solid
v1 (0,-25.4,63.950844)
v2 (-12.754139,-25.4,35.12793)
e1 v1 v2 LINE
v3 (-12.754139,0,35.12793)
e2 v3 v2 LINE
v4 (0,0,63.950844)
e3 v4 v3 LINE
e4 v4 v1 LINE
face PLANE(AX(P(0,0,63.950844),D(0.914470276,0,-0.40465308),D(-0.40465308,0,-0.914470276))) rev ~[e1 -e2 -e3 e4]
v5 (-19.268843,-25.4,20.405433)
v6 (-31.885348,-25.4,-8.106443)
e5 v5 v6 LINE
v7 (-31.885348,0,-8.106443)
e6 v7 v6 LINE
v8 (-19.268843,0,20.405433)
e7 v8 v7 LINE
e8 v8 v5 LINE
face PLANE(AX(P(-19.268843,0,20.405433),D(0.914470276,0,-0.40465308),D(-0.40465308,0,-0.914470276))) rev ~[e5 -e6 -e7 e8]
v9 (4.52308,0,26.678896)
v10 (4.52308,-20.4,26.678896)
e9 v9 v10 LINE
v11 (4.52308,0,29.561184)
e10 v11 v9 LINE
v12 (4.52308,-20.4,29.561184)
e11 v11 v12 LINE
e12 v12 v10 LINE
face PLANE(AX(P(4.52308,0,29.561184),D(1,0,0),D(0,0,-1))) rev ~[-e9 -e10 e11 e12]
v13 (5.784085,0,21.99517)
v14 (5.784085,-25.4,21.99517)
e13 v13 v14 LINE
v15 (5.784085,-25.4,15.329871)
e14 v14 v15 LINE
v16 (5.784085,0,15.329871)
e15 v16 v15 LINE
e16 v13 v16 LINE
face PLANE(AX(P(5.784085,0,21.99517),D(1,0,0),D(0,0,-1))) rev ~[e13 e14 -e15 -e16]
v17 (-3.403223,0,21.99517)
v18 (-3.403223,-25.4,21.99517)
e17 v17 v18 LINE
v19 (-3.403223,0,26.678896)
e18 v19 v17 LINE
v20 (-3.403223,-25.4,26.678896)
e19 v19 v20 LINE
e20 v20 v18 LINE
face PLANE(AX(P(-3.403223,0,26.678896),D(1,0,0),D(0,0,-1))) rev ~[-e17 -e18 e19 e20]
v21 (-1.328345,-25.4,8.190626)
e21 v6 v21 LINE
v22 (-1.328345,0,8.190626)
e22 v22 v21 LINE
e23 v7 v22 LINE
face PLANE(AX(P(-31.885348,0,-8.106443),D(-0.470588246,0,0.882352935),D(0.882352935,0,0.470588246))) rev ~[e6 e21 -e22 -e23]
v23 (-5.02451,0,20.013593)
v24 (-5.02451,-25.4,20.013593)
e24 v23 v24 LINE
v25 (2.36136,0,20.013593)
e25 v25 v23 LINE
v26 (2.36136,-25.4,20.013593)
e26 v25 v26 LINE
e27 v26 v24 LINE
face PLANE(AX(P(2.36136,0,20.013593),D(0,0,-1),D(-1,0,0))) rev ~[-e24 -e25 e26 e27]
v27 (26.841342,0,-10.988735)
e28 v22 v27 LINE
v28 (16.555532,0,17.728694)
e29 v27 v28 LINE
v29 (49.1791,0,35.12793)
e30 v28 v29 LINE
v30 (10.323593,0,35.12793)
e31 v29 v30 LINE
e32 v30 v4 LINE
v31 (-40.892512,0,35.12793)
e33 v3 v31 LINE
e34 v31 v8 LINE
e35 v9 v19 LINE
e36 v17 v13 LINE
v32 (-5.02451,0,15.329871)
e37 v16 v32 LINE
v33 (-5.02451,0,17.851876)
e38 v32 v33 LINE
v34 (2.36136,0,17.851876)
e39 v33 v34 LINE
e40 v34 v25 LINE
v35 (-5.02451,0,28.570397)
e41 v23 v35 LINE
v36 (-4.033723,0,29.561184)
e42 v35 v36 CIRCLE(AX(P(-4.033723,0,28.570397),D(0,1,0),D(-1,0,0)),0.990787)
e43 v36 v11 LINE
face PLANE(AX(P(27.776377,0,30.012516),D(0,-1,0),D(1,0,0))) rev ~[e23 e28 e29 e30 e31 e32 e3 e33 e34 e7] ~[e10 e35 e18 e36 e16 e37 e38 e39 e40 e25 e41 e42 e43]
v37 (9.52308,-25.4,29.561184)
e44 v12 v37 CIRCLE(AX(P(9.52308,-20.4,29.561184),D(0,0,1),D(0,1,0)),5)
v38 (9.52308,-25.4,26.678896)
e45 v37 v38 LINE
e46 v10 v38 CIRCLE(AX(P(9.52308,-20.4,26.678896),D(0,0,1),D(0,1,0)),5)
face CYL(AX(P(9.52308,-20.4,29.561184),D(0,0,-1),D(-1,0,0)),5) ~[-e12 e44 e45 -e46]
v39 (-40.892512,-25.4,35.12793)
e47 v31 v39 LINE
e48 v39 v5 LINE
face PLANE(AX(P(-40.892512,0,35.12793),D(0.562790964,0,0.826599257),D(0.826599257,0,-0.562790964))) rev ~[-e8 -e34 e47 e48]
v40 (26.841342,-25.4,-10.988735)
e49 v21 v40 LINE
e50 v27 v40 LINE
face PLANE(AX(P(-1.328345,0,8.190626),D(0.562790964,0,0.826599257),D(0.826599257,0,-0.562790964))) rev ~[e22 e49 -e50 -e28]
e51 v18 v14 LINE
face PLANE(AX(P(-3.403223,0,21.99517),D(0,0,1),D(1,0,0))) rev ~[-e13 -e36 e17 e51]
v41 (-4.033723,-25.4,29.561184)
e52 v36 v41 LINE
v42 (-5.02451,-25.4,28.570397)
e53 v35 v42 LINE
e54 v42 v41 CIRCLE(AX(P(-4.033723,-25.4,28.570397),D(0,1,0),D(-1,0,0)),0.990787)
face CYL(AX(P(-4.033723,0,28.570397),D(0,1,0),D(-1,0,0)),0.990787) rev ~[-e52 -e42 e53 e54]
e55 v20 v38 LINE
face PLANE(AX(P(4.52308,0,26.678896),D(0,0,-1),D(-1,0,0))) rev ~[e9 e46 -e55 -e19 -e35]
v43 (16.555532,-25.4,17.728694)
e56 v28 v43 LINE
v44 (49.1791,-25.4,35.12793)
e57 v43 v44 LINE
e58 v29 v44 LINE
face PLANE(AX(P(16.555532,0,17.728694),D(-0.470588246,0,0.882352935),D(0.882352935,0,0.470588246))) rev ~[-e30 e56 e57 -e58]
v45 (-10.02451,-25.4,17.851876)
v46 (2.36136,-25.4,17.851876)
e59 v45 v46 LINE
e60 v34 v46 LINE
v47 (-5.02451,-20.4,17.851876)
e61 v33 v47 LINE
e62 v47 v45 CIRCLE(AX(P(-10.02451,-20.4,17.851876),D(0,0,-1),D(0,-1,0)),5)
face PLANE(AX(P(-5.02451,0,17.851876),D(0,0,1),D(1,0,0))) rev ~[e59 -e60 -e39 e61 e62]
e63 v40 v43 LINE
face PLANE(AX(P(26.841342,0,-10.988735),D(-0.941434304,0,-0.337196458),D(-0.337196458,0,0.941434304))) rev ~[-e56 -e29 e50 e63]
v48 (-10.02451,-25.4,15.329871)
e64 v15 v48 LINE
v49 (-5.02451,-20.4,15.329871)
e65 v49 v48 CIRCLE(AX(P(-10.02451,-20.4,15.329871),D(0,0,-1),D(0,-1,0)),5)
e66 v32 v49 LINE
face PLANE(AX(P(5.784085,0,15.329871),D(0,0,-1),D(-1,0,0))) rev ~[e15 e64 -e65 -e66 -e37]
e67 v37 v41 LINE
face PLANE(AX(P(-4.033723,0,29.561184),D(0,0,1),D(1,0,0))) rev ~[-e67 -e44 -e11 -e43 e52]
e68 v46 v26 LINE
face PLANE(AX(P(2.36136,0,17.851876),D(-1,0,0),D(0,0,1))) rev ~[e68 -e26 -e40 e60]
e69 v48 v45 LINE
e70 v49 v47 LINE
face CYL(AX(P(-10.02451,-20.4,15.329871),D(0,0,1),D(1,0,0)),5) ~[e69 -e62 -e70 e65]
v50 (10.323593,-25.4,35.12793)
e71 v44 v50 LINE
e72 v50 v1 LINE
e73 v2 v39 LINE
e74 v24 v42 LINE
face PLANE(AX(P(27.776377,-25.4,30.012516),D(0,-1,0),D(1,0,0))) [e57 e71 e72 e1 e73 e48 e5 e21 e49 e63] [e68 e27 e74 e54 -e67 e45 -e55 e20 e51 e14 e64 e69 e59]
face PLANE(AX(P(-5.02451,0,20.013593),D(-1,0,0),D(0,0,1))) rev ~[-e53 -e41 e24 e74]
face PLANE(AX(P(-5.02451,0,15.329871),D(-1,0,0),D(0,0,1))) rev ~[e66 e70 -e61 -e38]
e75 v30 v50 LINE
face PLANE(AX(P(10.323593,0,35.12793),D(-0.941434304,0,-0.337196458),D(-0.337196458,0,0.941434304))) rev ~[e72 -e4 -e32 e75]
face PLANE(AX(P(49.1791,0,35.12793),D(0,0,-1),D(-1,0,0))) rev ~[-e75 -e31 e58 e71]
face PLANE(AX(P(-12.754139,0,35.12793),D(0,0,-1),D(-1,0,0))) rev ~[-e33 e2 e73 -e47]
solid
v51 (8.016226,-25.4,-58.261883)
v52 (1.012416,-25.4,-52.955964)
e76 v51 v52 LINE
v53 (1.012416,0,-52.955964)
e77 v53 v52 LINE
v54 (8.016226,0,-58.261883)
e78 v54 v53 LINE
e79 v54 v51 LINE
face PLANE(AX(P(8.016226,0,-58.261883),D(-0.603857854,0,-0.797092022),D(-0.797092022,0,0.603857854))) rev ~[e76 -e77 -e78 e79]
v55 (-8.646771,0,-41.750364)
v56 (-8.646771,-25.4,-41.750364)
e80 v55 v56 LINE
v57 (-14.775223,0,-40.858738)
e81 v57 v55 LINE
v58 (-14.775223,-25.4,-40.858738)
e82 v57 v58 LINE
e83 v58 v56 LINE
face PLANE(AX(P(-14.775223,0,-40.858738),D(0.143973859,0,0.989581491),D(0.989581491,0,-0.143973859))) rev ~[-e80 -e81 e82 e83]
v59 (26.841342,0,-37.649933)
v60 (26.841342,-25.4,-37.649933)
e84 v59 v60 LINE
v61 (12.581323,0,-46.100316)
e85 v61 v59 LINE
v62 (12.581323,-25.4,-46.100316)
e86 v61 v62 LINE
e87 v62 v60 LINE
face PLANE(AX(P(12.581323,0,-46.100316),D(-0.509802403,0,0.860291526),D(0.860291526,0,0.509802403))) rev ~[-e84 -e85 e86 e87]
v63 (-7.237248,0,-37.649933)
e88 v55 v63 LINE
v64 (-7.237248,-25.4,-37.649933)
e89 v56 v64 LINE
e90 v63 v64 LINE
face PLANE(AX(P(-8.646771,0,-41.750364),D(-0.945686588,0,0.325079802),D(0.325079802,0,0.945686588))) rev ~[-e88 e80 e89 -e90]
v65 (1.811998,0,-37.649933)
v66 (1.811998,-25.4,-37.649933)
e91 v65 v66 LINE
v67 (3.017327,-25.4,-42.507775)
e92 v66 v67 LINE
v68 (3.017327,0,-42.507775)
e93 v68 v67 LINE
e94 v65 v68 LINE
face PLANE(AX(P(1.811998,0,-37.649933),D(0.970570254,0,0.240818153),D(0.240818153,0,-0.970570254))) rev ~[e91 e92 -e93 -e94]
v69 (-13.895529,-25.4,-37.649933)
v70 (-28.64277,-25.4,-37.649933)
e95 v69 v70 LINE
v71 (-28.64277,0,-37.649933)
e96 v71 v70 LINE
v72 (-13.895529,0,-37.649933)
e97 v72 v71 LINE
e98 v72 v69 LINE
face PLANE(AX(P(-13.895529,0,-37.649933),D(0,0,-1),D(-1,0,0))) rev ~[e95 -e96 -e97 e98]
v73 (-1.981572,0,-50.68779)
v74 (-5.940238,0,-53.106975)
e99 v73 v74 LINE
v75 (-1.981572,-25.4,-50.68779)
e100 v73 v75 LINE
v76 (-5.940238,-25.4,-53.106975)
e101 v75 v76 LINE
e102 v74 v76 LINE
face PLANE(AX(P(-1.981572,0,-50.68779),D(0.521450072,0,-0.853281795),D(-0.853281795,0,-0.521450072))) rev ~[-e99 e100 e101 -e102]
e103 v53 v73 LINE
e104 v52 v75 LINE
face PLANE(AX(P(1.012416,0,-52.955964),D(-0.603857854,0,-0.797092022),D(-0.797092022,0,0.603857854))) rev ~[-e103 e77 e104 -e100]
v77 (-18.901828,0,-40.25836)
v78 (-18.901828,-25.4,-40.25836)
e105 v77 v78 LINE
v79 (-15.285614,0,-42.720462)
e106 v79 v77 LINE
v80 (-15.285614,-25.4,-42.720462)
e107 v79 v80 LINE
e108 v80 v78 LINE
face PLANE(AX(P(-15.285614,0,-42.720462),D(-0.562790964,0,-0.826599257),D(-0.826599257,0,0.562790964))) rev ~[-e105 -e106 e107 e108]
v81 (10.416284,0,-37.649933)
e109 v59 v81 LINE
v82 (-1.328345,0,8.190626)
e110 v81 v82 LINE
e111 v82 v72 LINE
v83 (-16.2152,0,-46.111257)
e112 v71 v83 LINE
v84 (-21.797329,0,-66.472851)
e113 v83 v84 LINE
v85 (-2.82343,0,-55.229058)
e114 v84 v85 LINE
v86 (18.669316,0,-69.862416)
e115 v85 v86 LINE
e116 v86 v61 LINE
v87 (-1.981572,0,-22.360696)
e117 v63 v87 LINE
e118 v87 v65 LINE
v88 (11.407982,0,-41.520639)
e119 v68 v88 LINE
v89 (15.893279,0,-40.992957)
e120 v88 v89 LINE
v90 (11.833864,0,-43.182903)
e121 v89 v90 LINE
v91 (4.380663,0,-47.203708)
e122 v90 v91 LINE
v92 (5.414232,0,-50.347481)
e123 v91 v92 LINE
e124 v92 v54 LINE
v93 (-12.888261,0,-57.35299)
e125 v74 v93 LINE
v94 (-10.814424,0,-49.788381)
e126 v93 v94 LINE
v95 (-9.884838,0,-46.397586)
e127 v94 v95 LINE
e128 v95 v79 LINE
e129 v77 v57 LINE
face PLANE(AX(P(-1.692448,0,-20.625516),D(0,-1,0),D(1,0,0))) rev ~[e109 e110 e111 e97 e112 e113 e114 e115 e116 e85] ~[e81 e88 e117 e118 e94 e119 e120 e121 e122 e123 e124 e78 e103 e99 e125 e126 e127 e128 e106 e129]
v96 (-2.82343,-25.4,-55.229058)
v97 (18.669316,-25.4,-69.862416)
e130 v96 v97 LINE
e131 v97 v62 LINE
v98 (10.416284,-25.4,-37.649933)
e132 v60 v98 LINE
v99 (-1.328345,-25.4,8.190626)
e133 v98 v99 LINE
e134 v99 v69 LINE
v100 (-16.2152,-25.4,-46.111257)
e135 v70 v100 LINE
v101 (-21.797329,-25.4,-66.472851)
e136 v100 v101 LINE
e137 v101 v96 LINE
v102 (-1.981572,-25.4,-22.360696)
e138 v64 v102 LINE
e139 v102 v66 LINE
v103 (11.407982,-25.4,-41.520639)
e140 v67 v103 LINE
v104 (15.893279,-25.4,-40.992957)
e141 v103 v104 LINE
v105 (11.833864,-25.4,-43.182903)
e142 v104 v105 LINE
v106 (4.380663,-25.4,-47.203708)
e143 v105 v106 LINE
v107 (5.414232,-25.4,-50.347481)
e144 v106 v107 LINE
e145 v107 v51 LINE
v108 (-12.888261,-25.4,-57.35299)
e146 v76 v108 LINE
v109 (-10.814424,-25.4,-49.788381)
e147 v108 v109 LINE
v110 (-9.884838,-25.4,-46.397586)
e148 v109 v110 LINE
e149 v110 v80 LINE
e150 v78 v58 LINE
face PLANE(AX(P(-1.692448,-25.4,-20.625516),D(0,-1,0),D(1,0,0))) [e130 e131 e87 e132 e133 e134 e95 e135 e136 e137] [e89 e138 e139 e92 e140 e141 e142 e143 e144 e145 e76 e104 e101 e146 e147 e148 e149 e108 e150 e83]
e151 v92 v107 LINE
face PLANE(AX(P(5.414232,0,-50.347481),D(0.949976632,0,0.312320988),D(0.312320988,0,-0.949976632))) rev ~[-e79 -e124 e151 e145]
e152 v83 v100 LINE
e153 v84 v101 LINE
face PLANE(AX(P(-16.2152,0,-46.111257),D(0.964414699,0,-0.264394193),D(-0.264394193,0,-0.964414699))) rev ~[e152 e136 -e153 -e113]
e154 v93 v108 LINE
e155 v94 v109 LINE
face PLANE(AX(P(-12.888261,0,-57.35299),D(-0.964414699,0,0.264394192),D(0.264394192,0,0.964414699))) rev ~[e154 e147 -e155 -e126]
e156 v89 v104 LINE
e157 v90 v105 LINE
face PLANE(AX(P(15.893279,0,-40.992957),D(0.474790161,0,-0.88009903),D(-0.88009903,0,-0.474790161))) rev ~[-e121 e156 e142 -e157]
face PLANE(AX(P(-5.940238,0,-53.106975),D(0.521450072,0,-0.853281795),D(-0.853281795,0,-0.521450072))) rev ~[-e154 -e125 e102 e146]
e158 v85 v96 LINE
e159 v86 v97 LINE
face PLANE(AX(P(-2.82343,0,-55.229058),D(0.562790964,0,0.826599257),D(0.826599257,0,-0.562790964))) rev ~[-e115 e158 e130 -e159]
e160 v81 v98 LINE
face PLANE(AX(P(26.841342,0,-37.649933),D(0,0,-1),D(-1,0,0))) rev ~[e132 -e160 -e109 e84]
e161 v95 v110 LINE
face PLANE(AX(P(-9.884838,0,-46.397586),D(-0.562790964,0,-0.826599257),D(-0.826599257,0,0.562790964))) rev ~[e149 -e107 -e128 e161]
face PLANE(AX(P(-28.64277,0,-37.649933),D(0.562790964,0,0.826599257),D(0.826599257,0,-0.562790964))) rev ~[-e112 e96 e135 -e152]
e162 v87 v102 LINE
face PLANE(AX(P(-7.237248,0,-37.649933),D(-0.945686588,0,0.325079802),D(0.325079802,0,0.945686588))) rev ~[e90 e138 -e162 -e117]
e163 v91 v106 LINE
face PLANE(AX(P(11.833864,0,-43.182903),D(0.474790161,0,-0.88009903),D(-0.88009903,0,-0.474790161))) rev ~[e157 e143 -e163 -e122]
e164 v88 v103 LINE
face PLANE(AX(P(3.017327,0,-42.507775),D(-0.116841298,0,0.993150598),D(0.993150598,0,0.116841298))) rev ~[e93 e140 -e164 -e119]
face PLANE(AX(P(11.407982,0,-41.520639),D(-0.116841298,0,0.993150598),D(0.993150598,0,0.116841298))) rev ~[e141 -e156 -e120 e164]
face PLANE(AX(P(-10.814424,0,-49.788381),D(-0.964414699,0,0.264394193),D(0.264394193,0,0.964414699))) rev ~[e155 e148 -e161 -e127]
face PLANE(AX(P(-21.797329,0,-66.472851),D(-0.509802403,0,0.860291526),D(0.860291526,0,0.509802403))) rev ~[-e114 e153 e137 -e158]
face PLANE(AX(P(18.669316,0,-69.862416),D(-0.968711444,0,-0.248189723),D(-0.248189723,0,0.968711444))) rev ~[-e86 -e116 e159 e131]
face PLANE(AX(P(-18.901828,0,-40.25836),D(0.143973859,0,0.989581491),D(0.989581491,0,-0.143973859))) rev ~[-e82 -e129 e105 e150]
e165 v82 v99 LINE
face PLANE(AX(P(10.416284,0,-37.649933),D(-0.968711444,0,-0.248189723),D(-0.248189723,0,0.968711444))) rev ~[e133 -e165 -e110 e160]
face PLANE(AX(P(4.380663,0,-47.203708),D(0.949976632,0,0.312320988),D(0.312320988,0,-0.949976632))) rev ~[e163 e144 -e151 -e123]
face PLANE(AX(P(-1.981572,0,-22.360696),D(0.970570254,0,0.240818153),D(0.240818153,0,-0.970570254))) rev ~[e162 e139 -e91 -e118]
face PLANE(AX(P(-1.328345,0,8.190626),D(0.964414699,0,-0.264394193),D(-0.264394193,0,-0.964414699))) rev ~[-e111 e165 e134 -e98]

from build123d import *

# Parameters (mm, degrees)
F1_DEPTH = 25.4
F2_R     = 5


with BuildPart() as f1:
    # F0 (on Front) → F1 (new body)
    with BuildSketch(Plane.XZ):
        Polygon((49.1790995002, 35.1279303432), (46.2968088686, 35.1279303432), (10.3235928391, 35.1279303432), (16.5555316669, 17.7286936407), align=None)
        Polygon((16.5555316669, 17.7286936407), (10.3235928391, 35.1279303432), (-12.7541388096, 35.1279303432), (-19.2688434451, 20.4054333779), (-1.3283445484, 8.1906260382), align=None)
        with BuildLine():
            Line((4.523080308, 26.6788955778), (-3.4032228868, 26.6788955778))
            Line((-3.4032228868, 26.6788955778), (-3.4032228868, 21.9951700419))
            Line((-3.4032228868, 21.9951700419), (5.7840845548, 21.9951700419))
            Line((5.7840845548, 21.9951700419), (5.7840845548, 15.3298713267))
            Line((5.7840845548, 15.3298713267), (-5.0245104358, 15.3298713267))
            Line((-5.0245104358, 15.3298713267), (-5.0245104358, 17.8518760949))
            Line((-5.0245104358, 17.8518760949), (2.361360006, 17.8518760949))
            Line((2.361360006, 17.8518760949), (2.361360006, 20.0135931373))
            Line((2.361360006, 20.0135931373), (-5.0245104358, 20.0135931373))
            Line((-5.0245104358, 20.0135931373), (-5.0245104358, 28.5703968839))
            ThreePointArc((-5.0245104358, 28.5703968839), (-4.7343155066, 29.2709894175), (-4.033722973, 29.5611843467))
            Line((-4.033722973, 29.5611843467), (4.523080308, 29.5611843467))
            Line((4.523080308, 29.5611843467), (4.523080308, 26.6788955778))
        make_face(mode=Mode.SUBTRACT)
        Polygon((-12.7541388096, 35.1279303432), (10.3235928391, 35.1279303432), (0, 63.9508441091), align=None)
        Polygon((-19.2688434451, 20.4054333779), (-12.7541388096, 35.1279303432), (-40.8925116062, 35.1279303432), align=None)
        Polygon((26.8413424492, -10.9887346625), (16.5555316669, 17.7286936407), (-1.3283445484, 8.1906260382), align=None)
        Polygon((-1.3283445484, 8.1906260382), (-19.2688434451, 20.4054333779), (-31.8853482604, -8.1064430997), align=None)
    extrude(amount=F1_DEPTH)

    # F2
    f2_edges = [f1.edges().sort_by_distance(p)[0] for p in [
        (4.52308, -25.4, 28.12004),
        (-5.02451, -25.4, 16.590874),
    ]]
    fillet(f2_edges, radius=F2_R)


with BuildPart() as f1b:
    # F0 (on Front) → F1, piece 2 (new body)
    with BuildSketch(Plane.XZ):
        Polygon((10.4162836419, -37.6499332488), (-1.3283445484, 8.1906260382), (-13.8955292601, -37.6499332488), (-7.2372480791, -37.6499332488), (-1.9815720152, -22.360695526), (1.8119977779, -37.6499332488), align=None)
        Polygon((11.4079817904, -41.5206388203), (10.4162836419, -37.6499332488), (1.8119977779, -37.6499332488), (3.0173268169, -42.5077751279), align=None)
        Polygon((26.8413424492, -37.6499332488), (10.4162836419, -37.6499332488), (11.4079817904, -41.5206388203), (15.8932786435, -40.9929566085), (11.8338640357, -43.1829034745), (12.5813226534, -46.1003156331), align=None)
        Polygon((-14.7752227033, -40.8587377953), (-13.8955292601, -37.6499332488), (-28.6427699029, -37.6499332488), (-16.2152002989, -46.1112569437), (-15.2856142355, -42.7204621056), (-18.9018275167, -40.2583595308), align=None)
        Polygon((-7.2372480791, -37.6499332488), (-13.8955292601, -37.6499332488), (-14.7752227033, -40.8587377953), (-8.6467713118, -41.7503640056), align=None)
        Polygon((5.4142316133, -50.3474808362), (12.5813226534, -46.1003156331), (11.8338640357, -43.1829034745), (4.3806629255, -47.2037084401), align=None)
        Polygon((18.6693164167, -69.8624164442), (12.5813226534, -46.1003156331), (5.4142316133, -50.3474808362), (8.0162258819, -58.2618825138), (1.0124164531, -52.9559639815), (-2.8234295545, -55.2290579881), align=None)
        Polygon((-15.2856142355, -42.7204621056), (-16.2152002989, -46.1112569437), (-10.8144243158, -49.7883808909), (-9.8848382524, -46.3975860528), align=None)
        Polygon((-10.8144243158, -49.7883808909), (-16.2152002989, -46.1112569437), (-21.7973291874, -66.47285074), (-2.8234295545, -55.2290579881), (-5.9402384881, -53.1069753828), (-12.888261117, -57.352989912), align=None)
        Polygon((-5.9402384881, -53.1069753828), (-2.8234295545, -55.2290579881), (1.0124164531, -52.9559639815), (-1.9815720152, -50.687789917), align=None)
    extrude(amount=F1_DEPTH)


solid = Compound([f1.part, f1b.part])
